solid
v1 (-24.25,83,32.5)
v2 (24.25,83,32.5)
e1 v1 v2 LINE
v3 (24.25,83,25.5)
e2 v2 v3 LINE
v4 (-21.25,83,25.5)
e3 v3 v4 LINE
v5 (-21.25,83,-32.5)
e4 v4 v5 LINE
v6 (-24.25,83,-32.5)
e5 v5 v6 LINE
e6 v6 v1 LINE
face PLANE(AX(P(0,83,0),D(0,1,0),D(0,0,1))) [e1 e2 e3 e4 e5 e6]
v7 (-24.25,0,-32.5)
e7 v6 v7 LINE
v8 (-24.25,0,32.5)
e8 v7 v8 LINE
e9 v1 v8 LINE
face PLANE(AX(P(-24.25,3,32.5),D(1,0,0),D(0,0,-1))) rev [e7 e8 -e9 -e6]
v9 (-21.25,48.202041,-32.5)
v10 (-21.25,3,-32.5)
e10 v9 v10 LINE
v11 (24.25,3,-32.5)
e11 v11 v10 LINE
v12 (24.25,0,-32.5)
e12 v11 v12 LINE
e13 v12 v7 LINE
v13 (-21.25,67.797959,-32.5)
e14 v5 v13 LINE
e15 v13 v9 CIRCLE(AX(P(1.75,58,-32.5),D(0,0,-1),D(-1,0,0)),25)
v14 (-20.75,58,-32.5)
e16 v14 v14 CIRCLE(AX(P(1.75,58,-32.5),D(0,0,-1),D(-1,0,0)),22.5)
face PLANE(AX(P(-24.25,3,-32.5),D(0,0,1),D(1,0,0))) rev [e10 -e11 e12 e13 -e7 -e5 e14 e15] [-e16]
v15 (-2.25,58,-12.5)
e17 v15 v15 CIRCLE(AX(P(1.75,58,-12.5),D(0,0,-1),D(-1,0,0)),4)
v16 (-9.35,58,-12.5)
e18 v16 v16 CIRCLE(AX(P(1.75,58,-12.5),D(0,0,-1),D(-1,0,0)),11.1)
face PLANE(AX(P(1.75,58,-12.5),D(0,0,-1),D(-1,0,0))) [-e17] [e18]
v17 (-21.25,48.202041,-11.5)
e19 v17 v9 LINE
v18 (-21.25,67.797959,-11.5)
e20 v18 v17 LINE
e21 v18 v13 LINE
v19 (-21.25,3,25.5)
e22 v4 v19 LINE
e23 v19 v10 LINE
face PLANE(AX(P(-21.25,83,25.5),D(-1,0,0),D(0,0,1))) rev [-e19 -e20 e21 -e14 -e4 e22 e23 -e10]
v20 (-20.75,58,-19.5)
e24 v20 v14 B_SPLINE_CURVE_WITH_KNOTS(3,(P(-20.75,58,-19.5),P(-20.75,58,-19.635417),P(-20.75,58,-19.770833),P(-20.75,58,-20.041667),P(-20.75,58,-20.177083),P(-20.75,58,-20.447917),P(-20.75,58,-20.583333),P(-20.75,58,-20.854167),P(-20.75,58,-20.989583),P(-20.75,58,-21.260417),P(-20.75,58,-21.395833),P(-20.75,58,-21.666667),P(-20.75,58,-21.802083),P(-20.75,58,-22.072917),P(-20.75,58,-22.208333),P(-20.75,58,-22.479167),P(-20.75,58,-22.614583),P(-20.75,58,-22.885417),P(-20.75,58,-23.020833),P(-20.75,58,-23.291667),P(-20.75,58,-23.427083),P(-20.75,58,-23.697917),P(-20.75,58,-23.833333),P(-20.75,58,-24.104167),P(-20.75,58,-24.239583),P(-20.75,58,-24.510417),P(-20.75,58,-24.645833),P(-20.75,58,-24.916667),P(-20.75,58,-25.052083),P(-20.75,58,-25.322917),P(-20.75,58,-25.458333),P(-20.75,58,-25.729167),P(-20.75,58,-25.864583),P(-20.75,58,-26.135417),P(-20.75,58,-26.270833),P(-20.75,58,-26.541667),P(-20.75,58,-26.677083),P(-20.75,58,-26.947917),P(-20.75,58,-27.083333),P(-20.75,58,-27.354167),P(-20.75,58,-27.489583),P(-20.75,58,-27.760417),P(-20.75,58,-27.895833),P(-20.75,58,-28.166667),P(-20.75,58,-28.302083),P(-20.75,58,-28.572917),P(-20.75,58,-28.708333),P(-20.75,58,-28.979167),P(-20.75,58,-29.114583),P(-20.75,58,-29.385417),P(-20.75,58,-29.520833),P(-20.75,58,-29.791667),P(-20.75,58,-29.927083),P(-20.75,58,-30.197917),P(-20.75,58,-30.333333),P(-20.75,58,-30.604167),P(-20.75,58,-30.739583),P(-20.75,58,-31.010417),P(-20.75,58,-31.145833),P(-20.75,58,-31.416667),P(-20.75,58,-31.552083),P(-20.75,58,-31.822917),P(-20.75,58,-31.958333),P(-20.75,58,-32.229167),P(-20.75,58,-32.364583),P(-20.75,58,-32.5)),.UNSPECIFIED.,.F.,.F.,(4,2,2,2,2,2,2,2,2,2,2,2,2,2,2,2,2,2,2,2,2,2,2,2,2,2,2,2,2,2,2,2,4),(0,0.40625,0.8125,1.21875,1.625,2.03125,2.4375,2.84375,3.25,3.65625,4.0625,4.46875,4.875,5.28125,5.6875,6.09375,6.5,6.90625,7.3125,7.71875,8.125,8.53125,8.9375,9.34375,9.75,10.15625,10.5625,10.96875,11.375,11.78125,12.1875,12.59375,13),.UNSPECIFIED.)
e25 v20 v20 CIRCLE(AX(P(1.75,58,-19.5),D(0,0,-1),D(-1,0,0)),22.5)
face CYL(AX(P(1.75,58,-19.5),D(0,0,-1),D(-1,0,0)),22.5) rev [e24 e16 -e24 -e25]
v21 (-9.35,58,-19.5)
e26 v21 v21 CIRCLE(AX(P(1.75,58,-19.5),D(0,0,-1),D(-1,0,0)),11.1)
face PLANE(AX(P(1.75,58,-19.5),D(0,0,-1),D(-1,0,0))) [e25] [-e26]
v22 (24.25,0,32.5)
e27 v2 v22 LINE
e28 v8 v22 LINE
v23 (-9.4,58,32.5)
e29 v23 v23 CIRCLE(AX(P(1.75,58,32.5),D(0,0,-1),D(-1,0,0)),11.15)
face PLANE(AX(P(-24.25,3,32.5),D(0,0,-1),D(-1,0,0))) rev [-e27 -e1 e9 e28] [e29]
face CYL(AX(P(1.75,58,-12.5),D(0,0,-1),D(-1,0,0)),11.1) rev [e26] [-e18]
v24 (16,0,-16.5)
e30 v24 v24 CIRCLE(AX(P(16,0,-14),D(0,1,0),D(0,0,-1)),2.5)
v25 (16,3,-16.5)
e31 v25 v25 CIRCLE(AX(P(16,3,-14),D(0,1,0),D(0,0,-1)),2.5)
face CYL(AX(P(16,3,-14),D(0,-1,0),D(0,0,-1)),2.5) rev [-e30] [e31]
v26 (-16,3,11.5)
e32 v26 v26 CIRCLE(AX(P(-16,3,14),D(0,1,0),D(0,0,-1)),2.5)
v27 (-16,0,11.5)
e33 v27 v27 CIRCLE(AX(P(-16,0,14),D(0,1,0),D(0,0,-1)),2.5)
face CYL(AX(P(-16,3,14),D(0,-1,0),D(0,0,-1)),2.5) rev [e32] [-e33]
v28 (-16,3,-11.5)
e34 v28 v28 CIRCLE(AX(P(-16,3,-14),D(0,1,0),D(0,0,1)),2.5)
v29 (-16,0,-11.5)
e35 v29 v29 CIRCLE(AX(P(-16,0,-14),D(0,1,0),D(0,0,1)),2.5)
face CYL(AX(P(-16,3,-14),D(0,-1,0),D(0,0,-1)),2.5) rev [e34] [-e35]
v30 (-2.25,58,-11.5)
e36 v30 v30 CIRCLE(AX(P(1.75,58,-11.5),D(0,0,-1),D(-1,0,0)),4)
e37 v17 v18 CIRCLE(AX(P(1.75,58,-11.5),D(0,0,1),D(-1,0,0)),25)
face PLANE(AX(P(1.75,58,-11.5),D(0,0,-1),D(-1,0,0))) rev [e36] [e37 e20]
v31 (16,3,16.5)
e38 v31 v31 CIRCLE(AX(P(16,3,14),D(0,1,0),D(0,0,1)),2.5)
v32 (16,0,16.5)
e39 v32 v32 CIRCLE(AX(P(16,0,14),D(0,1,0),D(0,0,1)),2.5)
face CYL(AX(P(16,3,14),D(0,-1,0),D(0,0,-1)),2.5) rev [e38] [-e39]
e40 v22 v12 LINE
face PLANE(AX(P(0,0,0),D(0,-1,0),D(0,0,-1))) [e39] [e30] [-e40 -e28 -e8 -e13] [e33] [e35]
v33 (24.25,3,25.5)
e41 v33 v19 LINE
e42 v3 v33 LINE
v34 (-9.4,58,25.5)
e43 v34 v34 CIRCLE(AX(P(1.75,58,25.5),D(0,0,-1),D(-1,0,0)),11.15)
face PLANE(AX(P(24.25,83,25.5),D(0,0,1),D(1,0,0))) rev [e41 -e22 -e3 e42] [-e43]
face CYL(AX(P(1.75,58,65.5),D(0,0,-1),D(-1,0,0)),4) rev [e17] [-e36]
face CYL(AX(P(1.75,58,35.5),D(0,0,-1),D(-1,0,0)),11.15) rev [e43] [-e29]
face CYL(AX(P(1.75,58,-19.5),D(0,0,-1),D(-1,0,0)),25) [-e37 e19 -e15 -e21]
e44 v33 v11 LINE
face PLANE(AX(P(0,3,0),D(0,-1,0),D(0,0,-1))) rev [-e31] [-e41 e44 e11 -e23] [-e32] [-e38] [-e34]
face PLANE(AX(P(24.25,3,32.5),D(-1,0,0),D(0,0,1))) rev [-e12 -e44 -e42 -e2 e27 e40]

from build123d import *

# Parameters (mm, degrees)
SKETCH2_W           = 48.5
SKETCH2_H           = 65
SKETCH2_R           = 2.5
BOSS_EXTRUDE1_DEPTH = 3
BOSS_EXTRUDE2_DEPTH = 80
SKETCH6_R           = 22.5
BOSS_EXTRUDE3_DEPTH = 13
BOSS_EXTRUDE4_DEPTH = 8
SKETCH12_R          = 11.1
CUT_EXTRUDE1_DEPTH  = 7
SKETCH13_R          = 4
CUT_EXTRUDE2_DEPTH  = 78
SKETCH14_R          = 11.15
CUT_EXTRUDE3_DEPTH  = 10


with BuildPart() as part:
    # Sketch2 → Boss-Extrude1 (new body)
    with BuildSketch(Plane(origin=(0, 0, 0), x_dir=(1, 0, 0), z_dir=(0, 1, 0))):
        Rectangle(SKETCH2_W, SKETCH2_H)
        with Locations(Location((-16, 14, 0), (0, 0, 270))):
            Circle(SKETCH2_R, mode=Mode.SUBTRACT)
        with Locations(Location((16, 14, 0), (0, 0, 90))):
            Circle(SKETCH2_R, mode=Mode.SUBTRACT)
        with Locations(Location((16, -14, 0), (0, 0, 270))):
            Circle(SKETCH2_R, mode=Mode.SUBTRACT)
        with Locations(Location((-16, -14, 0), (0, 0, 90))):
            Circle(SKETCH2_R, mode=Mode.SUBTRACT)
    extrude(amount=BOSS_EXTRUDE1_DEPTH)

    # Sketch3 → Boss-Extrude2 (add)
    with BuildSketch(Plane(origin=(0, 3, 0), x_dir=(1, 0, 0), z_dir=(0, 1, 0))):
        Polygon((-24.25, 32.5), (-24.25, -32.5), (24.25, -32.5), (24.25, -25.5), (-21.25, -25.5), (-21.25, 32.5), align=None)
    extrude(amount=BOSS_EXTRUDE2_DEPTH)

    # Sketch6 → Boss-Extrude3 (add)
    with BuildSketch(Plane(origin=(0, 0, -32.5), x_dir=(-1, 0, 0), z_dir=(0, 0, -1))):
        with BuildLine():
            Line((21.25, 67.797958971), (21.25, 48.202041029))
            ThreePointArc((21.25, 48.202041029), (-26.75, 58), (21.25, 67.797958971))
        make_face()
        with Locations((-1.75, 58)):
            Circle(SKETCH6_R, mode=Mode.SUBTRACT)
    extrude(amount=-BOSS_EXTRUDE3_DEPTH)

    # Sketch10 → Boss-Extrude4 (add)
    with BuildSketch(Plane.XY.offset(-19.5)):
        with BuildLine():
            Line((-21.25, 67.797958971), (-21.25, 48.202041029))
            ThreePointArc((-21.25, 48.202041029), (26.75, 58), (-21.25, 67.797958971))
        make_face()
    extrude(amount=BOSS_EXTRUDE4_DEPTH)

    # Sketch12 → Cut-Extrude1 (cut)
    with BuildSketch(Plane(origin=(0, 0, -19.5), x_dir=(-1, 0, 0), z_dir=(0, 0, -1))):
        with Locations((-1.75, 58)):
            Circle(SKETCH12_R)
    extrude(amount=-CUT_EXTRUDE1_DEPTH, mode=Mode.SUBTRACT)

    # Sketch13 → Cut-Extrude2 (cut)
    with BuildSketch(Plane(origin=(0, 0, -12.5), x_dir=(-1, 0, 0), z_dir=(0, 0, -1))):
        with Locations((-1.75, 58)):
            Circle(SKETCH13_R)
    extrude(amount=-CUT_EXTRUDE2_DEPTH, mode=Mode.SUBTRACT)

    # Sketch14 → Cut-Extrude3 (cut)
    with BuildSketch(Plane(origin=(0, 0, 25.5), x_dir=(-1, 0, 0), z_dir=(0, 0, -1))):
        with Locations((-1.75, 58)):
            Circle(SKETCH14_R)
    extrude(amount=-CUT_EXTRUDE3_DEPTH, mode=Mode.SUBTRACT)


solid = part.part
